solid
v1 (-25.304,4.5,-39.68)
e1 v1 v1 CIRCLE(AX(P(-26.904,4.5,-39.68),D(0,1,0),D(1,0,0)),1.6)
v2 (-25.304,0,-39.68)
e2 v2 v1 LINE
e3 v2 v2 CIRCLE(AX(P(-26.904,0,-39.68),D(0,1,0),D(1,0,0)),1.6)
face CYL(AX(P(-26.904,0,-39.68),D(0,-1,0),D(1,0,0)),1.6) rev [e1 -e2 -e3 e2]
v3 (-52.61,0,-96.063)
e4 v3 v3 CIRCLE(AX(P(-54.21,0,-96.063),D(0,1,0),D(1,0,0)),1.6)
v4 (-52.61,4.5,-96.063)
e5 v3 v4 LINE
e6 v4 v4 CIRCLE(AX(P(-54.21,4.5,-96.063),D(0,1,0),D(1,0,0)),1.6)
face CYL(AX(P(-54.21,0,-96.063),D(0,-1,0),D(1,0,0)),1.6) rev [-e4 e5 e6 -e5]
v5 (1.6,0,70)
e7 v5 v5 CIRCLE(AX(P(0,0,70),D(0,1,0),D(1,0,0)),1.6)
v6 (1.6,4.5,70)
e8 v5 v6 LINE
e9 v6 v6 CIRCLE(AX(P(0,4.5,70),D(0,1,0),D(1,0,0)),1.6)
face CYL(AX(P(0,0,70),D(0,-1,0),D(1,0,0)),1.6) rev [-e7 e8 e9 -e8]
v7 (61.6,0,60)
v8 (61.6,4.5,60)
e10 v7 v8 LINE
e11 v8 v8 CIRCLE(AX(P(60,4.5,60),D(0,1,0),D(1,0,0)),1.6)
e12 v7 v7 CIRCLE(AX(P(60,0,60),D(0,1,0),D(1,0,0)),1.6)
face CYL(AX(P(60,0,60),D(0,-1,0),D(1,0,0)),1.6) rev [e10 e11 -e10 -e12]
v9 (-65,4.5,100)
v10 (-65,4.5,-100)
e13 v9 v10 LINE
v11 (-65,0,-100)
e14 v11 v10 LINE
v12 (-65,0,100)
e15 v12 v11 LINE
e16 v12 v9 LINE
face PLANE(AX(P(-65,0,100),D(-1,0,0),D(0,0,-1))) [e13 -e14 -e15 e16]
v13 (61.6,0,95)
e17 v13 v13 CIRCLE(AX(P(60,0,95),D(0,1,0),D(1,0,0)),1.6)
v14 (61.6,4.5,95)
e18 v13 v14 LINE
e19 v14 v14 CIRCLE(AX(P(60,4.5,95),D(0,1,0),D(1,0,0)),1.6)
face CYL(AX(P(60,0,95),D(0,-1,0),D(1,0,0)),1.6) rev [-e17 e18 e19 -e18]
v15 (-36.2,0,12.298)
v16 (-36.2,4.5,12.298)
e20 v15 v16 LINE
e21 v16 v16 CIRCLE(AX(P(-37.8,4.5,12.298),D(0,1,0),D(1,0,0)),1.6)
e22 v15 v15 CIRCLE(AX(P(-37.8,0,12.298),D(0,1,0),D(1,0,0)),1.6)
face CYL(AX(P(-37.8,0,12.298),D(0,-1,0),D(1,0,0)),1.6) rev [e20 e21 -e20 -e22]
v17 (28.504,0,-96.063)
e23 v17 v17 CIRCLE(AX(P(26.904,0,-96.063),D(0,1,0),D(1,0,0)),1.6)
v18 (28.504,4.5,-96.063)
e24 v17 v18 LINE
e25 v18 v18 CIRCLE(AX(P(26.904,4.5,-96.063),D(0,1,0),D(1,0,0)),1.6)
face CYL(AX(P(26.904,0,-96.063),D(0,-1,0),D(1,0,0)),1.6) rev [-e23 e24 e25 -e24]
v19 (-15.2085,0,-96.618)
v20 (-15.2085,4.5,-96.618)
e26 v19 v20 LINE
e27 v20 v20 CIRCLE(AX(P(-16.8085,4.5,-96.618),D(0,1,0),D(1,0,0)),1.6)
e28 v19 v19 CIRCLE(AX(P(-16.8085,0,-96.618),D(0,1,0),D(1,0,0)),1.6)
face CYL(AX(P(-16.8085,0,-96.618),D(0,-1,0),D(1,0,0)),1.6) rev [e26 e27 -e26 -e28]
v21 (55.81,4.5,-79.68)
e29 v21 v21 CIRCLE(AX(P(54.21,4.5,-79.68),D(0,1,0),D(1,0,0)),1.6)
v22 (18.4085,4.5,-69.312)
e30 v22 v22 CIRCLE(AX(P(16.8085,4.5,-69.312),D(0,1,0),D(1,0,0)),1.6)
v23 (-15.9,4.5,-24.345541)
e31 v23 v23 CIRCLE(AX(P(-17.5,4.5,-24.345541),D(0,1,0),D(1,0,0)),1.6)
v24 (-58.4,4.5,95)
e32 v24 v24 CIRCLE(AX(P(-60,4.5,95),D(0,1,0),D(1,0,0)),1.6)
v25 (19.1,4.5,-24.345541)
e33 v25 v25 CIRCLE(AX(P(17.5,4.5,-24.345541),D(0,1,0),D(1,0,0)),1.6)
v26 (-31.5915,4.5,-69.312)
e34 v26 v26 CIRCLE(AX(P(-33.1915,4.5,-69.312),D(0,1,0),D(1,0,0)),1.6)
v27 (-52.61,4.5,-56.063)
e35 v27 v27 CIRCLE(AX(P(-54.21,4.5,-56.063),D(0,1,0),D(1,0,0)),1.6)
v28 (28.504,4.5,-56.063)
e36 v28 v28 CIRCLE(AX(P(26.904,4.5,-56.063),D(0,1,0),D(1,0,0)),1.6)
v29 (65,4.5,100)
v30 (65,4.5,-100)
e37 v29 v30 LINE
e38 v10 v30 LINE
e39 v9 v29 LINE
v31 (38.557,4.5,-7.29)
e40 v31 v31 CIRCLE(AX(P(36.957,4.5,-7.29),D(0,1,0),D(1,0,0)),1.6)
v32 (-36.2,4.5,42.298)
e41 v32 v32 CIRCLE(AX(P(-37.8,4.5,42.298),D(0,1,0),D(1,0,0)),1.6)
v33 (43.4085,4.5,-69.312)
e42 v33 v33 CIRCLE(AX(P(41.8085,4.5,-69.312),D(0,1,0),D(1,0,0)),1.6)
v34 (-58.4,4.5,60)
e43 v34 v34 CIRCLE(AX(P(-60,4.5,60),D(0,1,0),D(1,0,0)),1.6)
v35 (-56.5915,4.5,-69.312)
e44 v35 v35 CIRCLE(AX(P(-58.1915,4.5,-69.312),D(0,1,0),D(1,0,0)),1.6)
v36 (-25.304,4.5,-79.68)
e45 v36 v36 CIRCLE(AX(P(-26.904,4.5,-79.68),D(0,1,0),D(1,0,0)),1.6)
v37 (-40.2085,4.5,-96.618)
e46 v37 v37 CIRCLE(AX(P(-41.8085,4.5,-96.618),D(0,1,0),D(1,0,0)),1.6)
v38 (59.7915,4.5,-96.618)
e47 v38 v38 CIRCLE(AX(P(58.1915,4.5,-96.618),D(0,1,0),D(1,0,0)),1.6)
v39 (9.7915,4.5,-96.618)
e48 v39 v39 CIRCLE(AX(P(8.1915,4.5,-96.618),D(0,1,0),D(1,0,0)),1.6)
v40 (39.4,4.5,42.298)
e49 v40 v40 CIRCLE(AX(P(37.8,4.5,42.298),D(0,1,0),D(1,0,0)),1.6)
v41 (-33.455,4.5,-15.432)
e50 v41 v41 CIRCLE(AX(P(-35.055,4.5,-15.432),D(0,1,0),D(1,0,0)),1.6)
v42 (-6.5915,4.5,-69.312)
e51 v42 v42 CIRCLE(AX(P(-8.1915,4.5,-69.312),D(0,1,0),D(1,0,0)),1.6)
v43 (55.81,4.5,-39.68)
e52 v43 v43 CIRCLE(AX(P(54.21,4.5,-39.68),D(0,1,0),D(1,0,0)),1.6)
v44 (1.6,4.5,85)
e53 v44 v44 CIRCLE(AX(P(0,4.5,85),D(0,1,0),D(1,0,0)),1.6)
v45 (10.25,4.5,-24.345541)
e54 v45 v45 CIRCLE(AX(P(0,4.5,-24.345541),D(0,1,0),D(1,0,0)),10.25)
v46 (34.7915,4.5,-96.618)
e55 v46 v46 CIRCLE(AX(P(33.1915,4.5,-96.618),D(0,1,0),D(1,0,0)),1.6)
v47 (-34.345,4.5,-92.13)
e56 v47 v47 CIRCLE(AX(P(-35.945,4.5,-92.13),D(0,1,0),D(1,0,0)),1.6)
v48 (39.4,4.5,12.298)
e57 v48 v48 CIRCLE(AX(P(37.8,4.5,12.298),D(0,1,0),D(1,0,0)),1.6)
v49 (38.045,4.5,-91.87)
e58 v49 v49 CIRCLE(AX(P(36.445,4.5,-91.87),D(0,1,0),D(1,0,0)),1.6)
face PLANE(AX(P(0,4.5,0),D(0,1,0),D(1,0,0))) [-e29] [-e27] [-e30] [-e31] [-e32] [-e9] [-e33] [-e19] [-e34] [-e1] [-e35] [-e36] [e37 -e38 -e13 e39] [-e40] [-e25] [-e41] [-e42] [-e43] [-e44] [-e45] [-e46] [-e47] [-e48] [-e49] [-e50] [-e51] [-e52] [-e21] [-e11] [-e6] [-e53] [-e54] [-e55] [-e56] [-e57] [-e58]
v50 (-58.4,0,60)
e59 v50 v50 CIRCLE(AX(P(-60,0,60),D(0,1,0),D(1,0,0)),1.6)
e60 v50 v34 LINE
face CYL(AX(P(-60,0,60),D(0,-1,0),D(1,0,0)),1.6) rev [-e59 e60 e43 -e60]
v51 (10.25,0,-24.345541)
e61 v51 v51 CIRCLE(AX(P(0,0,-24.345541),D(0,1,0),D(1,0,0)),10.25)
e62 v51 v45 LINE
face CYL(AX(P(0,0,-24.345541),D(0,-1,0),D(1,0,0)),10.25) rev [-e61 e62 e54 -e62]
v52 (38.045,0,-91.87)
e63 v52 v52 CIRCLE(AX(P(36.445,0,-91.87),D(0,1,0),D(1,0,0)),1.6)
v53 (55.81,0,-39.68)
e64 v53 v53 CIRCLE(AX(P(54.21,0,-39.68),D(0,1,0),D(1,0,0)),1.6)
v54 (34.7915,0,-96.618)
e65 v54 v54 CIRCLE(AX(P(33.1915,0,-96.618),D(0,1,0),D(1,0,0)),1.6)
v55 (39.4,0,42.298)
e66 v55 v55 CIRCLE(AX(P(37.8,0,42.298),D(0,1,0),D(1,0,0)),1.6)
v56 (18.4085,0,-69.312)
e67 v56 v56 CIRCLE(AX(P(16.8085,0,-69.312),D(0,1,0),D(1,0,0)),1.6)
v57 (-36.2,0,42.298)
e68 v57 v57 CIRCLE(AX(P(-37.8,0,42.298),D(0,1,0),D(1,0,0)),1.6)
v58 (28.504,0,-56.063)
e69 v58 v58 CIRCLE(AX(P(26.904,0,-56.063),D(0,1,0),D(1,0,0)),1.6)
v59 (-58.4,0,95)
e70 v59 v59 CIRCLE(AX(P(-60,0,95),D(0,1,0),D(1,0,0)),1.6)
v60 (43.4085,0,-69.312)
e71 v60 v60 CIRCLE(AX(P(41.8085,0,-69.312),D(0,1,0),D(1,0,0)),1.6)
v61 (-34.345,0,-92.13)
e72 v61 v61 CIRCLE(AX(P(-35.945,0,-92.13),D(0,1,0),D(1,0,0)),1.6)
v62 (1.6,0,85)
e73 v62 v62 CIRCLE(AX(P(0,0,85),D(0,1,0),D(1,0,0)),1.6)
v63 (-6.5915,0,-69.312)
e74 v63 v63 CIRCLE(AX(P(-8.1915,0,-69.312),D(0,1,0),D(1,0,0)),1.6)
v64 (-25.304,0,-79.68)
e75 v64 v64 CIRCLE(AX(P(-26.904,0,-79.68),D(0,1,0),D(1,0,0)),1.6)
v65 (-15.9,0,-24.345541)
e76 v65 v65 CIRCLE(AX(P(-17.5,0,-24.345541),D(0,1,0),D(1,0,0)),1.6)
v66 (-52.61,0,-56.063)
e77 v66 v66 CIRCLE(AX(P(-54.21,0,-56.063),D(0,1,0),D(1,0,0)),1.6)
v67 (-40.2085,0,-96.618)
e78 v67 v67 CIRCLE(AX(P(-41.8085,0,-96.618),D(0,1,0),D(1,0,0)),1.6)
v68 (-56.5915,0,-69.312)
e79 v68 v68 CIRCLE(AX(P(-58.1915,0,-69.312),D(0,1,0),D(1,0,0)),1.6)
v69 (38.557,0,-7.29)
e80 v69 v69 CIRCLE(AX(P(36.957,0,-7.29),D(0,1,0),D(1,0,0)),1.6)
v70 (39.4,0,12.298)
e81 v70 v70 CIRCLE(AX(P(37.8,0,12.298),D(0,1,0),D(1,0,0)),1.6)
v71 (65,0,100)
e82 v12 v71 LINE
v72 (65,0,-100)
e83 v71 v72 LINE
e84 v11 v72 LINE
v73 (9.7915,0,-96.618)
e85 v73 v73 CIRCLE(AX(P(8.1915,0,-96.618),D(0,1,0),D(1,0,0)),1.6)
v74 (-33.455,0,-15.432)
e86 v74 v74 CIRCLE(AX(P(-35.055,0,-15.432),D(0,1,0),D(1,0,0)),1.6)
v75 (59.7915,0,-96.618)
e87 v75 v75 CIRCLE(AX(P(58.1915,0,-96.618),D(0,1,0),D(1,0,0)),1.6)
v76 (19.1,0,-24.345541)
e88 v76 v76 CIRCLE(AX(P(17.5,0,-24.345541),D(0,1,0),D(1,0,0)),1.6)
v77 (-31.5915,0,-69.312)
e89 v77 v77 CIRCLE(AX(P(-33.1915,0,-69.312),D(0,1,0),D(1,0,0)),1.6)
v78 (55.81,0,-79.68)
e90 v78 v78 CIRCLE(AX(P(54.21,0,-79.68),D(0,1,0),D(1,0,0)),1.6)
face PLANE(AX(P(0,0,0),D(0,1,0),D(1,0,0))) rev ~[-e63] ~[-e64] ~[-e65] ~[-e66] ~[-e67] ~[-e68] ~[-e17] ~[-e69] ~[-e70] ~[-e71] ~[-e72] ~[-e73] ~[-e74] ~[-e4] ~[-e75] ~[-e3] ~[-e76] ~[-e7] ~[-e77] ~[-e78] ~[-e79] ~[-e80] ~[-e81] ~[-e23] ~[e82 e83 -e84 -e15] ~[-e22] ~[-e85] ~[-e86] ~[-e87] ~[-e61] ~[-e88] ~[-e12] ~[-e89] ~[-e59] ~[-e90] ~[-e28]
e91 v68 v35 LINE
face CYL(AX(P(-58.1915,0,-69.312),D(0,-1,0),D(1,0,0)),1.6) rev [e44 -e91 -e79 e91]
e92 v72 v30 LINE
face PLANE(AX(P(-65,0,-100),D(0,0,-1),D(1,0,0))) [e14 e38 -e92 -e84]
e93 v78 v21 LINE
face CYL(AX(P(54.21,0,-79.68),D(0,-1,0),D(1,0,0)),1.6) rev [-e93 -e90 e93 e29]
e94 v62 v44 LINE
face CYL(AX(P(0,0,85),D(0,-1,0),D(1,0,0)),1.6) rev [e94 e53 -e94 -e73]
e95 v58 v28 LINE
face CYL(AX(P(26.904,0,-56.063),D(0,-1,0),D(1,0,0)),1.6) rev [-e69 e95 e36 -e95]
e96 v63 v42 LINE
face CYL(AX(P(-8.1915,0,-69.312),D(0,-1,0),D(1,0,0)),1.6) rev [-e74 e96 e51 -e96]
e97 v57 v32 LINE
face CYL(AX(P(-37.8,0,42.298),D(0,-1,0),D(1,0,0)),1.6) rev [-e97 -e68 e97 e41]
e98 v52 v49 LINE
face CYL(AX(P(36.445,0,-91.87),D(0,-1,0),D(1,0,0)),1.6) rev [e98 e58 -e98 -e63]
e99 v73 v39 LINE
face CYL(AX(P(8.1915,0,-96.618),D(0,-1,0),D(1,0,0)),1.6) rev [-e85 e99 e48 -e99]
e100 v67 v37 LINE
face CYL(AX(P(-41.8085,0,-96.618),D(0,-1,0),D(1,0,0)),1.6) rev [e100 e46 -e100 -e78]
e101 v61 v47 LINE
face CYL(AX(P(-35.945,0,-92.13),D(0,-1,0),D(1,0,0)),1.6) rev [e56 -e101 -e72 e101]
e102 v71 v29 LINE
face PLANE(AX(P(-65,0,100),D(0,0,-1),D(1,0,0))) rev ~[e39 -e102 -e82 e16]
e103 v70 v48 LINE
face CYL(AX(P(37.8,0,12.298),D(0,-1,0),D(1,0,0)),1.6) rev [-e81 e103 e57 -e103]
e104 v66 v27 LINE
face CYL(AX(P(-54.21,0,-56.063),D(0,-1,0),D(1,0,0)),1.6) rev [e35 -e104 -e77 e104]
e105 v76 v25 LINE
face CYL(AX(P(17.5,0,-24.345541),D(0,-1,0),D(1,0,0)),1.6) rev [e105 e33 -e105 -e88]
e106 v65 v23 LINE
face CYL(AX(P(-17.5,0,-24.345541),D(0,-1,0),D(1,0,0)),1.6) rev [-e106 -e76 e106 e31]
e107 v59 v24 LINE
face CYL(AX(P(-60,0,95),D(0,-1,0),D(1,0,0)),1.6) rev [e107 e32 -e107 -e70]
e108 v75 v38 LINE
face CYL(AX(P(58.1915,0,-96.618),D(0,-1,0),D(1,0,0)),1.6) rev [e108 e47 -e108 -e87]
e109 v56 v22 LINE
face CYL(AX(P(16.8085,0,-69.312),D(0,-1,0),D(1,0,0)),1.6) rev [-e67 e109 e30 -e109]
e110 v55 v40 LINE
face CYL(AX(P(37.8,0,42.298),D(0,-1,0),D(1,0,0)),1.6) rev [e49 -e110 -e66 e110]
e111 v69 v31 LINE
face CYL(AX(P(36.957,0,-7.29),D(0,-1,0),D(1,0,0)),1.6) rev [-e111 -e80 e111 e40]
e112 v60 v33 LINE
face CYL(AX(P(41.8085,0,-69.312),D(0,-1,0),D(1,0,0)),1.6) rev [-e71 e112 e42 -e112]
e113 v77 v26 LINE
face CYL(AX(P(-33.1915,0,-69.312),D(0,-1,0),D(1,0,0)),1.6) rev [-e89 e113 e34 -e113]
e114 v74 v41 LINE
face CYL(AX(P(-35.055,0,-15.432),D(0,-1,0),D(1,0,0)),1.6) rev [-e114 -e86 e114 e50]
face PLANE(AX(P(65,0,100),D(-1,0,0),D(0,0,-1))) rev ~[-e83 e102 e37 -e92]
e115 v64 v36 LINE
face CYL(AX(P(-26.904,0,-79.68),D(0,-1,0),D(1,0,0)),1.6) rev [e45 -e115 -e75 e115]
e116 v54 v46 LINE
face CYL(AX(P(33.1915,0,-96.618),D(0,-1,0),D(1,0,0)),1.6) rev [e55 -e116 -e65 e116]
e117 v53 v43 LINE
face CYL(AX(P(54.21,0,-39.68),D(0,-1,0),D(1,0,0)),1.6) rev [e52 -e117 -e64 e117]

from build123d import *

# Parameters (mm, degrees)
SKETCH1_W           = 130
SKETCH1_H           = 200
BOSS_EXTRUDE1_DEPTH = 4.5
SKETCH3_R           = 1.6
CUT_EXTRUDE1_DEPTH  = 4.5
SKETCH4_R           = 1.6
CUT_EXTRUDE2_DEPTH  = 4.5
SKETCH5_R           = 1.6
CUT_EXTRUDE3_DEPTH  = 4.5
SKETCH6_R           = 1.6
CUT_EXTRUDE4_DEPTH  = 4.5
SKETCH7_R           = 1.6
CUT_EXTRUDE5_DEPTH  = 4.5
SKETCH9_R           = 1.6
SKETCH9_R_2         = 10.25
CUT_EXTRUDE6_DEPTH  = 4.5


with BuildPart() as part:
    # Sketch1 → Boss-Extrude1 (new body)
    with BuildSketch(Plane(origin=(0, 0, 0), x_dir=(1, 0, 0), z_dir=(0, 1, 0))):
        Rectangle(SKETCH1_W, SKETCH1_H)
    extrude(amount=BOSS_EXTRUDE1_DEPTH)

    # Sketch3 → Cut-Extrude1 (cut)
    with BuildSketch(Plane(origin=(0, 0, 0), x_dir=(1, 0, 0), z_dir=(0, 1, 0))):
        with Locations((-60, -95)):
            Circle(SKETCH3_R)
        with Locations((60, -95)):
            Circle(SKETCH3_R)
        with Locations((-60, -60)):
            Circle(SKETCH3_R)
        with Locations((60, -60)):
            Circle(SKETCH3_R)
    extrude(amount=CUT_EXTRUDE1_DEPTH, mode=Mode.SUBTRACT)

    # Sketch4 → Cut-Extrude2 (cut)
    with BuildSketch(Plane(origin=(0, 0, 0), x_dir=(1, 0, 0), z_dir=(0, 1, 0))):
        with Locations((-35.055, 15.432)):
            Circle(SKETCH4_R)
        with Locations((36.957, 7.29)):
            Circle(SKETCH4_R)
        with Locations((36.445, 91.87)):
            Circle(SKETCH4_R)
        with Locations((-35.945, 92.13)):
            Circle(SKETCH4_R)
    extrude(amount=CUT_EXTRUDE2_DEPTH, mode=Mode.SUBTRACT)

    # Sketch5 → Cut-Extrude3 (cut)
    with BuildSketch(Plane(origin=(0, 0, 0), x_dir=(1, 0, 0), z_dir=(0, 1, 0))):
        with Locations((37.8, -12.298)):
            Circle(SKETCH5_R)
        with Locations((37.8, -42.298)):
            Circle(SKETCH5_R)
        with Locations((-37.8, -42.298)):
            Circle(SKETCH5_R)
        with Locations((-37.8, -12.298)):
            Circle(SKETCH5_R)
    extrude(amount=CUT_EXTRUDE3_DEPTH, mode=Mode.SUBTRACT)

    # Sketch6 → Cut-Extrude4 (cut)
    with BuildSketch(Plane(origin=(0, 0, 0), x_dir=(1, 0, 0), z_dir=(0, 1, 0))):
        with Locations((54.21, 79.68)):
            Circle(SKETCH6_R)
        with Locations((26.904, 96.063)):
            Circle(SKETCH6_R)
        with Locations((26.904, 56.063)):
            Circle(SKETCH6_R)
        with Locations((54.21, 39.68)):
            Circle(SKETCH6_R)
        with Locations((-54.21, 96.063)):
            Circle(SKETCH6_R)
        with Locations((-26.904, 79.68)):
            Circle(SKETCH6_R)
        with Locations((-54.21, 56.063)):
            Circle(SKETCH6_R)
        with Locations((-26.904, 39.68)):
            Circle(SKETCH6_R)
    extrude(amount=CUT_EXTRUDE4_DEPTH, mode=Mode.SUBTRACT)

    # Sketch7 → Cut-Extrude5 (cut)
    with BuildSketch(Plane(origin=(0, 0, 0), x_dir=(1, 0, 0), z_dir=(0, 1, 0))):
        with Locations((-8.1915, 69.312)):
            Circle(SKETCH7_R)
        with Locations((8.1915, 96.618)):
            Circle(SKETCH7_R)
        with Locations((16.8085, 69.312)):
            Circle(SKETCH7_R)
        with Locations((33.1915, 96.618)):
            Circle(SKETCH7_R)
        with Locations((41.8085, 69.312)):
            Circle(SKETCH7_R)
        with Locations((58.1915, 96.618)):
            Circle(SKETCH7_R)
        with Locations((-33.1915, 69.312)):
            Circle(SKETCH7_R)
        with Locations((-16.8085, 96.618)):
            Circle(SKETCH7_R)
        with Locations((-58.1915, 69.312)):
            Circle(SKETCH7_R)
        with Locations((-41.8085, 96.618)):
            Circle(SKETCH7_R)
    extrude(amount=CUT_EXTRUDE5_DEPTH, mode=Mode.SUBTRACT)

    # Sketch9 → Cut-Extrude6 (cut)
    with BuildSketch(Plane(origin=(0, 0, 0), x_dir=(1, 0, 0), z_dir=(0, 1, 0))):
        with Locations((0, -70)):
            Circle(SKETCH9_R)
        with Locations((0, -85)):
            Circle(SKETCH9_R)
        with Locations((0, 24.345540537)):
            Circle(SKETCH9_R_2)
        with Locations((17.5, 24.345540537)):
            Circle(SKETCH9_R)
        with Locations((-17.5, 24.345540537)):
            Circle(SKETCH9_R)
    extrude(amount=CUT_EXTRUDE6_DEPTH, mode=Mode.SUBTRACT)


solid = part.part
